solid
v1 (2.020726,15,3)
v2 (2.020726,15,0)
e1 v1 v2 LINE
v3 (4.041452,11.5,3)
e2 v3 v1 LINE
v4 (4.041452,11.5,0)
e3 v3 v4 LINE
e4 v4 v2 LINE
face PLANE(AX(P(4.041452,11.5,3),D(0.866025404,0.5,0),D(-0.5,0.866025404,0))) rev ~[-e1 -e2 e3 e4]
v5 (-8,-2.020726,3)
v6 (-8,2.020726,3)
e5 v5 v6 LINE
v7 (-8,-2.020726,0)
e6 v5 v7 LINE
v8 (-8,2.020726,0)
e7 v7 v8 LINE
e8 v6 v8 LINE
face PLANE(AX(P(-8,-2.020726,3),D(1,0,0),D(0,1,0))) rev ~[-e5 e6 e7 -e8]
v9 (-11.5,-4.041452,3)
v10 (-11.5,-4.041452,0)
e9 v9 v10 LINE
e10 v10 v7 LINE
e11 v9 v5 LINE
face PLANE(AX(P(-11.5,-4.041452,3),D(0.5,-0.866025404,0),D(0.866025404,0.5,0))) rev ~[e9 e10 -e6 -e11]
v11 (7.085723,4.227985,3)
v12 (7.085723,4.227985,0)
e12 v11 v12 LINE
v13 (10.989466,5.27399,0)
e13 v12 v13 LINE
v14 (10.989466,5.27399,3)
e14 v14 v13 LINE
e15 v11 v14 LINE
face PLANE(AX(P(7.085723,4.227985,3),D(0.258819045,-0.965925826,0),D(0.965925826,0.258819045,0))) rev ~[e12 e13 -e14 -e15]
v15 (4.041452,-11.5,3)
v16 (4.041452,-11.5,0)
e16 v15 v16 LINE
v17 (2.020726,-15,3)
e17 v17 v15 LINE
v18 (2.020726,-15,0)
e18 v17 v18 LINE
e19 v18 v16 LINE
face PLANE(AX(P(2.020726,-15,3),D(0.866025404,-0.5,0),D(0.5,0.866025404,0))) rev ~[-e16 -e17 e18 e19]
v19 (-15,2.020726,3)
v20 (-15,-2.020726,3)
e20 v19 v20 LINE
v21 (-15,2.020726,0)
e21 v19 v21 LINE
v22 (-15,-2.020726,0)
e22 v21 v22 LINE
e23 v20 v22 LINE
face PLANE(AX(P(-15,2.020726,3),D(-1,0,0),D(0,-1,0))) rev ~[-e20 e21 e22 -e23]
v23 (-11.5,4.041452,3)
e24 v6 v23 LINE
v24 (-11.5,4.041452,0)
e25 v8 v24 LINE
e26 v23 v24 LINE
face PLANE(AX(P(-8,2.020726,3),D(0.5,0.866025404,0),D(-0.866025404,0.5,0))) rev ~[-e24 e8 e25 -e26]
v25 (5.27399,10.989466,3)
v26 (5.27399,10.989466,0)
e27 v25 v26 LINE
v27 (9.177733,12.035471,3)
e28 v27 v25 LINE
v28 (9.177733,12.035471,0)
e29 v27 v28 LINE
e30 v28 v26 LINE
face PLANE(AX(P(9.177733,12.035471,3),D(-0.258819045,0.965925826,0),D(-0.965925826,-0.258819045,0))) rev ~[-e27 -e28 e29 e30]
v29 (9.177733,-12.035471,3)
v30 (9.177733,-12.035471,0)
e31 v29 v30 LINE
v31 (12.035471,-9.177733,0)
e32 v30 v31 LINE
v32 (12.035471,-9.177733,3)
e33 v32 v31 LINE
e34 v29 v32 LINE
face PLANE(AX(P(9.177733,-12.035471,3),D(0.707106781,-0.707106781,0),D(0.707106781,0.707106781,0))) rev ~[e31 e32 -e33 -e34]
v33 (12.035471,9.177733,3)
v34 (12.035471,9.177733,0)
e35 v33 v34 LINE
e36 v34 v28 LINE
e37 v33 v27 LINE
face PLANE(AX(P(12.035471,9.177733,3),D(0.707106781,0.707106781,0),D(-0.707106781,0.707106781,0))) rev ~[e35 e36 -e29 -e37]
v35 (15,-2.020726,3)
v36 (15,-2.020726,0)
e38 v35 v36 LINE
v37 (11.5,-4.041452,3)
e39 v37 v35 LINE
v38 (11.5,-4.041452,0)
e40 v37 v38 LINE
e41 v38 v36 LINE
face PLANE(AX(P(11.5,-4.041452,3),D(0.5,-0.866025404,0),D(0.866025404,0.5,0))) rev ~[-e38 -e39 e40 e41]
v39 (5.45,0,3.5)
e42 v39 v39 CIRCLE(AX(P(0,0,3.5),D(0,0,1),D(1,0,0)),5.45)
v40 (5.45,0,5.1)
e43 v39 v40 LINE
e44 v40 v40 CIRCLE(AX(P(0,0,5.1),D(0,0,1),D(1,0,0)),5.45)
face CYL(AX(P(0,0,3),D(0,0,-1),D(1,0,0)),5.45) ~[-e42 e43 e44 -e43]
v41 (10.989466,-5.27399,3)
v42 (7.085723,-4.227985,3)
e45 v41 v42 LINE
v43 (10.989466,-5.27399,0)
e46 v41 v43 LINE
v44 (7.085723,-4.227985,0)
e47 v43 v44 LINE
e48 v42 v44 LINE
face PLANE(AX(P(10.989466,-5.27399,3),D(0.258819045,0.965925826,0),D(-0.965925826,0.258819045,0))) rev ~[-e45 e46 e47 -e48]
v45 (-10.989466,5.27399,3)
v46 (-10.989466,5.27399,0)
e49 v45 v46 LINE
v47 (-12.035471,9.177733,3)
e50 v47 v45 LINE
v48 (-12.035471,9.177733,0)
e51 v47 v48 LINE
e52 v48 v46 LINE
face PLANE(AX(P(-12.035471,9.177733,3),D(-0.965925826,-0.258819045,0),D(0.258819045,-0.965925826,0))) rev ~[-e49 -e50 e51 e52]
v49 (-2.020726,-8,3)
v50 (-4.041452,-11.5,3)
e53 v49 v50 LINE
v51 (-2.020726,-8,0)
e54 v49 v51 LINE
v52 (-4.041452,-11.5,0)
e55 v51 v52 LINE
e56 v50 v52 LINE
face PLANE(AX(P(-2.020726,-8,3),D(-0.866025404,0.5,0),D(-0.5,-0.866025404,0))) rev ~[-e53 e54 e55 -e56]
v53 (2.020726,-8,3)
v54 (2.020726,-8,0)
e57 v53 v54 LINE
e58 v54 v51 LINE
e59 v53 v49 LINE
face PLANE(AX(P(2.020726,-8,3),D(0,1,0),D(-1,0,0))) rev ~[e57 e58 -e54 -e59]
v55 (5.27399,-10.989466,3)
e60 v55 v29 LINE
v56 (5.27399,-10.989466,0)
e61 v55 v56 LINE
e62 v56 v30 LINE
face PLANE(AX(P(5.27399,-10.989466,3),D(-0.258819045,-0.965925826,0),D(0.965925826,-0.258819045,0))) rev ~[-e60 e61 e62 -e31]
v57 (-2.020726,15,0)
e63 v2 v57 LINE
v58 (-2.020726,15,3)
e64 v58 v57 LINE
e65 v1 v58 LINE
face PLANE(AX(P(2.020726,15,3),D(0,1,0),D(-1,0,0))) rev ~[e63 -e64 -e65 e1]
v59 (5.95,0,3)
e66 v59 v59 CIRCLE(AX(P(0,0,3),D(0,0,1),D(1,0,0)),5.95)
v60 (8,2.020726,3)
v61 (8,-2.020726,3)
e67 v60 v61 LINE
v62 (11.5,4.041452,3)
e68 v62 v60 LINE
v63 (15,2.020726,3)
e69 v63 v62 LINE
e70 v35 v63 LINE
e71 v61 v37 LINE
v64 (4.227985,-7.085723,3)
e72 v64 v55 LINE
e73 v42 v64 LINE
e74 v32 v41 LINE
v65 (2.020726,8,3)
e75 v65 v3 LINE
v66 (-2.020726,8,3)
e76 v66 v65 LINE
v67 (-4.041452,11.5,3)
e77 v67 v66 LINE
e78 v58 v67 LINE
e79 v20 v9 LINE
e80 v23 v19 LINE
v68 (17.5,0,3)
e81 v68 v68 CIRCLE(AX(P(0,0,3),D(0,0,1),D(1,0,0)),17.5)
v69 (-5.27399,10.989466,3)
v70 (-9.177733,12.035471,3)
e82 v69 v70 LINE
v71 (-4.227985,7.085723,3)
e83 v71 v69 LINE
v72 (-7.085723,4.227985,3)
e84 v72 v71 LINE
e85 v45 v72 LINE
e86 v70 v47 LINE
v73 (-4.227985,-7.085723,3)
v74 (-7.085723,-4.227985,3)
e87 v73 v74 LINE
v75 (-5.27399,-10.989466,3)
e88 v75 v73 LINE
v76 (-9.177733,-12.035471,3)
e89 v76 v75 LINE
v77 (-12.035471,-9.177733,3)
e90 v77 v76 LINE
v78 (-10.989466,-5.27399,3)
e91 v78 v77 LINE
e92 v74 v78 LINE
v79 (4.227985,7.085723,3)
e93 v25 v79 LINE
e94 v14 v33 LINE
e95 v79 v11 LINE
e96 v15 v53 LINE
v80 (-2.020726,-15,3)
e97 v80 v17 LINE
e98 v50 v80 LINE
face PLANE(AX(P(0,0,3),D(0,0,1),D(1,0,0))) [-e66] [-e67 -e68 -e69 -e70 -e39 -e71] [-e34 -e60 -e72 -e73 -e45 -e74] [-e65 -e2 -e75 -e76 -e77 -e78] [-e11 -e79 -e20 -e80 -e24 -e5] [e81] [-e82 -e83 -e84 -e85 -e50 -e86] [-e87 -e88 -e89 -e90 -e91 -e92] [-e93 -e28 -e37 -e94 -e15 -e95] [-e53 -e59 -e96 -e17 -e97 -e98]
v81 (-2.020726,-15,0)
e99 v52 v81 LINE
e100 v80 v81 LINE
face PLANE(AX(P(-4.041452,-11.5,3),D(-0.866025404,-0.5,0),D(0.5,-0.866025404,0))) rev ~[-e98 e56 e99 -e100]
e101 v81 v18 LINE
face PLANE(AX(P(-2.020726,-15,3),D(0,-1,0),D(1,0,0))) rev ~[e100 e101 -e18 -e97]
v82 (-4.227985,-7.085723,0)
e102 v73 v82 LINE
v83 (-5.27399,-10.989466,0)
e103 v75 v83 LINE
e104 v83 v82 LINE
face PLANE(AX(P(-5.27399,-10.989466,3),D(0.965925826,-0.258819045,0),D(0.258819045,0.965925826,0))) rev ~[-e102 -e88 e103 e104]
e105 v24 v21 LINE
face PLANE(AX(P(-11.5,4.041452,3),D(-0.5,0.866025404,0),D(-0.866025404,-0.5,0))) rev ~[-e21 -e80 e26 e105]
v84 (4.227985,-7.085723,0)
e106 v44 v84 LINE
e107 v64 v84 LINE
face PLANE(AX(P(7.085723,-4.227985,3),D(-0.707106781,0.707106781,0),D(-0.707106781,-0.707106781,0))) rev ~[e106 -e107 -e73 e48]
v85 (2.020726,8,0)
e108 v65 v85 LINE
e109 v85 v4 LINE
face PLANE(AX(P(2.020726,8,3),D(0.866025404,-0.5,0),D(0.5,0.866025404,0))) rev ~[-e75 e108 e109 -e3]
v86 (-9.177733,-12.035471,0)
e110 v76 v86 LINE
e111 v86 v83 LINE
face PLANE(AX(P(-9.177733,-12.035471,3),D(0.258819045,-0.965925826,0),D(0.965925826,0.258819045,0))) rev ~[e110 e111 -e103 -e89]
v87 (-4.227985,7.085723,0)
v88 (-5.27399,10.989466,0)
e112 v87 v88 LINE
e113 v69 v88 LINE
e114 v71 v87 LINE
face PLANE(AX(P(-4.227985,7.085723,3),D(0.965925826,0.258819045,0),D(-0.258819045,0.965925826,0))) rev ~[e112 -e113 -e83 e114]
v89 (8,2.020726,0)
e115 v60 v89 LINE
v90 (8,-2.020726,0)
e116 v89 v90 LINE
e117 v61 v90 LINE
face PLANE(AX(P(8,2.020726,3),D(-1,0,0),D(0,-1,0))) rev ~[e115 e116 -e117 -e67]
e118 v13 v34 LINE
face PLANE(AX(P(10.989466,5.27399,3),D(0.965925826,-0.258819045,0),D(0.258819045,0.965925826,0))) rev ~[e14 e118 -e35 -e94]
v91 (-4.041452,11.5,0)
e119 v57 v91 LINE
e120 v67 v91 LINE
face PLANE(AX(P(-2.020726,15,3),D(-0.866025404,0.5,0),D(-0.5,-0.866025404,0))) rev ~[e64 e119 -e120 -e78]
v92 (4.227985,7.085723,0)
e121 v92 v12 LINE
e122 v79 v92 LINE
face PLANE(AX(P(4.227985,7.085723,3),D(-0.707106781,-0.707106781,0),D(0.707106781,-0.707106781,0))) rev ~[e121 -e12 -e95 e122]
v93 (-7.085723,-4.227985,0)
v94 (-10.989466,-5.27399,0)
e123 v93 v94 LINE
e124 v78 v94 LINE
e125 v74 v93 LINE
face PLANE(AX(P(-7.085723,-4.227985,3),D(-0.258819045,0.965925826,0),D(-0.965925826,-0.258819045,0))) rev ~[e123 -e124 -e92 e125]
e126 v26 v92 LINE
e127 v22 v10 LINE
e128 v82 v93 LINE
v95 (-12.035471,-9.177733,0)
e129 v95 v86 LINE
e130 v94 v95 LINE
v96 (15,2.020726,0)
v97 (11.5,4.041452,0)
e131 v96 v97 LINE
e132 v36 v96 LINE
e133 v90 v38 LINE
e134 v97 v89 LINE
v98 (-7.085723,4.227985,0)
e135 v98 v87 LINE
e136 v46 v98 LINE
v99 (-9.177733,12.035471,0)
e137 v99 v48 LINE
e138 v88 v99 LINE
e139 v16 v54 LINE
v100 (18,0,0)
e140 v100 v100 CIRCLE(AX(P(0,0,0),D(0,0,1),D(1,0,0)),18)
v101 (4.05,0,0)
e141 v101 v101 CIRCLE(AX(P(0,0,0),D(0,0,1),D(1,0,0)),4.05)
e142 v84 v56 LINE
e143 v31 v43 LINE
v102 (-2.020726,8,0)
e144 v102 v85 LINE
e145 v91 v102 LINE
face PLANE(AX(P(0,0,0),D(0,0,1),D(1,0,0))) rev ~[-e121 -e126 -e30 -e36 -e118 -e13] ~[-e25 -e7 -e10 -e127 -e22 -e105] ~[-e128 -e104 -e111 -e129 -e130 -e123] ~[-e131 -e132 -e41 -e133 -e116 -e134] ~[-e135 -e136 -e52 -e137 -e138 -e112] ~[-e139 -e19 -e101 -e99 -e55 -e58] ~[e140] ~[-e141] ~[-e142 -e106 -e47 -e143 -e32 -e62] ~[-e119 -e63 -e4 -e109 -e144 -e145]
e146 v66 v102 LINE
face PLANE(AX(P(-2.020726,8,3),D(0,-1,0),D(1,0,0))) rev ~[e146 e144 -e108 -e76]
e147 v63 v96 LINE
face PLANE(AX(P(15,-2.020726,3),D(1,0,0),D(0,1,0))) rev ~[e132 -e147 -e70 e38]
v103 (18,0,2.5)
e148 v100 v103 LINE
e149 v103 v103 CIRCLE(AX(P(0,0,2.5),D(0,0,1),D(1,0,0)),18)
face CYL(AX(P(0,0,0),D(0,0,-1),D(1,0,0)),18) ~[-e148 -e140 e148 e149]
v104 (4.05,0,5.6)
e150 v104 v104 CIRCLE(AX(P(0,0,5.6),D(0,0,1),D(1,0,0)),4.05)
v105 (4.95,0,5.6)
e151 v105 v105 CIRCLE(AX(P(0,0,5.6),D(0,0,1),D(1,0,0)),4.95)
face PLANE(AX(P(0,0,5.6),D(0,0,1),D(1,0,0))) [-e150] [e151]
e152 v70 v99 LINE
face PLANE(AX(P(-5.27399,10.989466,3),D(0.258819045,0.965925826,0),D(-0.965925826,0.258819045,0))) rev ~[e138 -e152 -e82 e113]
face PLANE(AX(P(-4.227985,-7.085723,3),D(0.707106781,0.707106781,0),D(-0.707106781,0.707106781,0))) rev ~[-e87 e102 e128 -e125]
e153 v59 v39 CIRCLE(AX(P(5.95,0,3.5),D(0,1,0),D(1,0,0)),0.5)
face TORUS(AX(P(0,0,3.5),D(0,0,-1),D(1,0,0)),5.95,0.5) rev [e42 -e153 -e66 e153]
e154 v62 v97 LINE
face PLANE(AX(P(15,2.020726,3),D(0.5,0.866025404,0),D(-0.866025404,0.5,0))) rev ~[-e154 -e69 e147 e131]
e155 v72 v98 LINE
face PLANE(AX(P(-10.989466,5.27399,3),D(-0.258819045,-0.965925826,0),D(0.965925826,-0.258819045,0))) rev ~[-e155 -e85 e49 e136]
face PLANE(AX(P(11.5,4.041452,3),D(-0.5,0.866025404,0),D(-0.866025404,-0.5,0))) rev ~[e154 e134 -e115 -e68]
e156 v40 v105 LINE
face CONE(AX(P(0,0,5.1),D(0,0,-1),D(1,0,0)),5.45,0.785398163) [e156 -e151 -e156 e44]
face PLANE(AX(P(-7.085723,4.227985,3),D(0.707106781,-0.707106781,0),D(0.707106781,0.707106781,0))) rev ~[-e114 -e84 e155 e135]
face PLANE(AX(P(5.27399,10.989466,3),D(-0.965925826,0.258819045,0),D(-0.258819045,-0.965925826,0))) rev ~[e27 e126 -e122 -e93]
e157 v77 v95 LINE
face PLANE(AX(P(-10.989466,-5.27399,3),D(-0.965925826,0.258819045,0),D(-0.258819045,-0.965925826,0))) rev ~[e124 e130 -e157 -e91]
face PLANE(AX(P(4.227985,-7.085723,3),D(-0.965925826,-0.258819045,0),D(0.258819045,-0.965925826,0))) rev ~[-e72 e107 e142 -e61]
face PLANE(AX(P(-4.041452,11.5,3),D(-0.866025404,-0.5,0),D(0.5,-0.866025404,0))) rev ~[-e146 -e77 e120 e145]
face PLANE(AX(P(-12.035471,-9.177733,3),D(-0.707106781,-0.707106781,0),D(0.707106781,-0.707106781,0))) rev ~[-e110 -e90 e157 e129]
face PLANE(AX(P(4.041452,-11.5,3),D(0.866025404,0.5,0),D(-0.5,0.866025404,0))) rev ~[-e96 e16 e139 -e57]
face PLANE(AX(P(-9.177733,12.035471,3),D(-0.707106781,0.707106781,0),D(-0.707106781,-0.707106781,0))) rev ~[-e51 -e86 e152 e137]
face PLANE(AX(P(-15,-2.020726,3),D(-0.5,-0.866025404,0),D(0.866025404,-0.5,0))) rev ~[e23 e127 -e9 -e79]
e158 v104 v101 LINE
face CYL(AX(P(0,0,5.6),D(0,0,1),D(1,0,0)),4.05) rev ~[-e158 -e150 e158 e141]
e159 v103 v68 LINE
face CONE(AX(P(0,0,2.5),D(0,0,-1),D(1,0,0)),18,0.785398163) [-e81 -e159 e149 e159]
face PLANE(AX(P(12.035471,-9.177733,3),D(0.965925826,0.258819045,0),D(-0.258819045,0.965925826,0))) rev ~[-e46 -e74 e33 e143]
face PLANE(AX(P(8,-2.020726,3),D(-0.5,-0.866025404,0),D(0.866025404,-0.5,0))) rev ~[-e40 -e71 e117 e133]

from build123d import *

# Parameters (mm, degrees)
CROQUIS1_R              = 18
SALIENTE_EXTRUIR1_DEPTH = 3
CROQUIS2_R              = 5.45
SALIENTE_EXTRUIR2_DEPTH = 2.6
CHAFL_N1_SIZE           = 0.5
REDONDEO1_R             = 0.5
CORTAR_EXTRUIR1_DEPTH   = 3
MATRIZC1_COUNT          = 8
CROQUIS4_R              = 4.05
CORTAR_EXTRUIR2_DEPTH   = 27.064535292


with BuildPart() as part:
    # Croquis1 → Saliente-Extruir1 (new body)
    with BuildSketch(Plane(origin=(0, 0, 0), x_dir=(0, 1, 0), z_dir=(0, 0, 1))):
        with Locations(Location((0, 0, 0), (0, 0, 270))):
            Circle(CROQUIS1_R)
    extrude(amount=SALIENTE_EXTRUIR1_DEPTH)

    # Croquis2 → Saliente-Extruir2 (add)
    with BuildSketch(Plane.XY.offset(3)):
        Circle(CROQUIS2_R)
    extrude(amount=SALIENTE_EXTRUIR2_DEPTH)

    # Chaflán1
    chafl_n1_edges = [part.edges().sort_by_distance(p)[0] for p in [
        (-18, 0, 3),
        (-5.45, 0, 5.6),
    ]]
    chamfer(chafl_n1_edges, length=CHAFL_N1_SIZE)

    # Redondeo1
    redondeo1_edges = [part.edges().sort_by_distance(p)[0] for p in [
        (-5.45, 0, 3),
    ]]
    fillet(redondeo1_edges, radius=REDONDEO1_R)

    # Croquis3 → Cortar-Extruir1 (cut)
    with BuildSketch(Plane.XY.offset(3)):
        Polygon((-4.041451884, 11.5), (-2.020725942, 8), (2.020725942, 8), (4.041451884, 11.5), (2.020725942, 15), (-2.020725942, 15), align=None)
    cortar_extruir1 = extrude(amount=-CORTAR_EXTRUIR1_DEPTH, mode=Mode.SUBTRACT)

    # MatrizC1: Cortar-Extruir1 ×8 about axis
    matrizc1_axis = Axis((0, 0, 0), (0, 0, 1))
    for i in range(1, MATRIZC1_COUNT):
        add(cortar_extruir1.rotate(matrizc1_axis, i * 360 / MATRIZC1_COUNT), mode=Mode.SUBTRACT)

    # Croquis4 → Cortar-Extruir2 (cut, through all)
    with BuildSketch(Plane.XY.offset(5.6)):
        Circle(CROQUIS4_R)
    extrude(amount=-CORTAR_EXTRUIR2_DEPTH, mode=Mode.SUBTRACT)


solid = part.part
